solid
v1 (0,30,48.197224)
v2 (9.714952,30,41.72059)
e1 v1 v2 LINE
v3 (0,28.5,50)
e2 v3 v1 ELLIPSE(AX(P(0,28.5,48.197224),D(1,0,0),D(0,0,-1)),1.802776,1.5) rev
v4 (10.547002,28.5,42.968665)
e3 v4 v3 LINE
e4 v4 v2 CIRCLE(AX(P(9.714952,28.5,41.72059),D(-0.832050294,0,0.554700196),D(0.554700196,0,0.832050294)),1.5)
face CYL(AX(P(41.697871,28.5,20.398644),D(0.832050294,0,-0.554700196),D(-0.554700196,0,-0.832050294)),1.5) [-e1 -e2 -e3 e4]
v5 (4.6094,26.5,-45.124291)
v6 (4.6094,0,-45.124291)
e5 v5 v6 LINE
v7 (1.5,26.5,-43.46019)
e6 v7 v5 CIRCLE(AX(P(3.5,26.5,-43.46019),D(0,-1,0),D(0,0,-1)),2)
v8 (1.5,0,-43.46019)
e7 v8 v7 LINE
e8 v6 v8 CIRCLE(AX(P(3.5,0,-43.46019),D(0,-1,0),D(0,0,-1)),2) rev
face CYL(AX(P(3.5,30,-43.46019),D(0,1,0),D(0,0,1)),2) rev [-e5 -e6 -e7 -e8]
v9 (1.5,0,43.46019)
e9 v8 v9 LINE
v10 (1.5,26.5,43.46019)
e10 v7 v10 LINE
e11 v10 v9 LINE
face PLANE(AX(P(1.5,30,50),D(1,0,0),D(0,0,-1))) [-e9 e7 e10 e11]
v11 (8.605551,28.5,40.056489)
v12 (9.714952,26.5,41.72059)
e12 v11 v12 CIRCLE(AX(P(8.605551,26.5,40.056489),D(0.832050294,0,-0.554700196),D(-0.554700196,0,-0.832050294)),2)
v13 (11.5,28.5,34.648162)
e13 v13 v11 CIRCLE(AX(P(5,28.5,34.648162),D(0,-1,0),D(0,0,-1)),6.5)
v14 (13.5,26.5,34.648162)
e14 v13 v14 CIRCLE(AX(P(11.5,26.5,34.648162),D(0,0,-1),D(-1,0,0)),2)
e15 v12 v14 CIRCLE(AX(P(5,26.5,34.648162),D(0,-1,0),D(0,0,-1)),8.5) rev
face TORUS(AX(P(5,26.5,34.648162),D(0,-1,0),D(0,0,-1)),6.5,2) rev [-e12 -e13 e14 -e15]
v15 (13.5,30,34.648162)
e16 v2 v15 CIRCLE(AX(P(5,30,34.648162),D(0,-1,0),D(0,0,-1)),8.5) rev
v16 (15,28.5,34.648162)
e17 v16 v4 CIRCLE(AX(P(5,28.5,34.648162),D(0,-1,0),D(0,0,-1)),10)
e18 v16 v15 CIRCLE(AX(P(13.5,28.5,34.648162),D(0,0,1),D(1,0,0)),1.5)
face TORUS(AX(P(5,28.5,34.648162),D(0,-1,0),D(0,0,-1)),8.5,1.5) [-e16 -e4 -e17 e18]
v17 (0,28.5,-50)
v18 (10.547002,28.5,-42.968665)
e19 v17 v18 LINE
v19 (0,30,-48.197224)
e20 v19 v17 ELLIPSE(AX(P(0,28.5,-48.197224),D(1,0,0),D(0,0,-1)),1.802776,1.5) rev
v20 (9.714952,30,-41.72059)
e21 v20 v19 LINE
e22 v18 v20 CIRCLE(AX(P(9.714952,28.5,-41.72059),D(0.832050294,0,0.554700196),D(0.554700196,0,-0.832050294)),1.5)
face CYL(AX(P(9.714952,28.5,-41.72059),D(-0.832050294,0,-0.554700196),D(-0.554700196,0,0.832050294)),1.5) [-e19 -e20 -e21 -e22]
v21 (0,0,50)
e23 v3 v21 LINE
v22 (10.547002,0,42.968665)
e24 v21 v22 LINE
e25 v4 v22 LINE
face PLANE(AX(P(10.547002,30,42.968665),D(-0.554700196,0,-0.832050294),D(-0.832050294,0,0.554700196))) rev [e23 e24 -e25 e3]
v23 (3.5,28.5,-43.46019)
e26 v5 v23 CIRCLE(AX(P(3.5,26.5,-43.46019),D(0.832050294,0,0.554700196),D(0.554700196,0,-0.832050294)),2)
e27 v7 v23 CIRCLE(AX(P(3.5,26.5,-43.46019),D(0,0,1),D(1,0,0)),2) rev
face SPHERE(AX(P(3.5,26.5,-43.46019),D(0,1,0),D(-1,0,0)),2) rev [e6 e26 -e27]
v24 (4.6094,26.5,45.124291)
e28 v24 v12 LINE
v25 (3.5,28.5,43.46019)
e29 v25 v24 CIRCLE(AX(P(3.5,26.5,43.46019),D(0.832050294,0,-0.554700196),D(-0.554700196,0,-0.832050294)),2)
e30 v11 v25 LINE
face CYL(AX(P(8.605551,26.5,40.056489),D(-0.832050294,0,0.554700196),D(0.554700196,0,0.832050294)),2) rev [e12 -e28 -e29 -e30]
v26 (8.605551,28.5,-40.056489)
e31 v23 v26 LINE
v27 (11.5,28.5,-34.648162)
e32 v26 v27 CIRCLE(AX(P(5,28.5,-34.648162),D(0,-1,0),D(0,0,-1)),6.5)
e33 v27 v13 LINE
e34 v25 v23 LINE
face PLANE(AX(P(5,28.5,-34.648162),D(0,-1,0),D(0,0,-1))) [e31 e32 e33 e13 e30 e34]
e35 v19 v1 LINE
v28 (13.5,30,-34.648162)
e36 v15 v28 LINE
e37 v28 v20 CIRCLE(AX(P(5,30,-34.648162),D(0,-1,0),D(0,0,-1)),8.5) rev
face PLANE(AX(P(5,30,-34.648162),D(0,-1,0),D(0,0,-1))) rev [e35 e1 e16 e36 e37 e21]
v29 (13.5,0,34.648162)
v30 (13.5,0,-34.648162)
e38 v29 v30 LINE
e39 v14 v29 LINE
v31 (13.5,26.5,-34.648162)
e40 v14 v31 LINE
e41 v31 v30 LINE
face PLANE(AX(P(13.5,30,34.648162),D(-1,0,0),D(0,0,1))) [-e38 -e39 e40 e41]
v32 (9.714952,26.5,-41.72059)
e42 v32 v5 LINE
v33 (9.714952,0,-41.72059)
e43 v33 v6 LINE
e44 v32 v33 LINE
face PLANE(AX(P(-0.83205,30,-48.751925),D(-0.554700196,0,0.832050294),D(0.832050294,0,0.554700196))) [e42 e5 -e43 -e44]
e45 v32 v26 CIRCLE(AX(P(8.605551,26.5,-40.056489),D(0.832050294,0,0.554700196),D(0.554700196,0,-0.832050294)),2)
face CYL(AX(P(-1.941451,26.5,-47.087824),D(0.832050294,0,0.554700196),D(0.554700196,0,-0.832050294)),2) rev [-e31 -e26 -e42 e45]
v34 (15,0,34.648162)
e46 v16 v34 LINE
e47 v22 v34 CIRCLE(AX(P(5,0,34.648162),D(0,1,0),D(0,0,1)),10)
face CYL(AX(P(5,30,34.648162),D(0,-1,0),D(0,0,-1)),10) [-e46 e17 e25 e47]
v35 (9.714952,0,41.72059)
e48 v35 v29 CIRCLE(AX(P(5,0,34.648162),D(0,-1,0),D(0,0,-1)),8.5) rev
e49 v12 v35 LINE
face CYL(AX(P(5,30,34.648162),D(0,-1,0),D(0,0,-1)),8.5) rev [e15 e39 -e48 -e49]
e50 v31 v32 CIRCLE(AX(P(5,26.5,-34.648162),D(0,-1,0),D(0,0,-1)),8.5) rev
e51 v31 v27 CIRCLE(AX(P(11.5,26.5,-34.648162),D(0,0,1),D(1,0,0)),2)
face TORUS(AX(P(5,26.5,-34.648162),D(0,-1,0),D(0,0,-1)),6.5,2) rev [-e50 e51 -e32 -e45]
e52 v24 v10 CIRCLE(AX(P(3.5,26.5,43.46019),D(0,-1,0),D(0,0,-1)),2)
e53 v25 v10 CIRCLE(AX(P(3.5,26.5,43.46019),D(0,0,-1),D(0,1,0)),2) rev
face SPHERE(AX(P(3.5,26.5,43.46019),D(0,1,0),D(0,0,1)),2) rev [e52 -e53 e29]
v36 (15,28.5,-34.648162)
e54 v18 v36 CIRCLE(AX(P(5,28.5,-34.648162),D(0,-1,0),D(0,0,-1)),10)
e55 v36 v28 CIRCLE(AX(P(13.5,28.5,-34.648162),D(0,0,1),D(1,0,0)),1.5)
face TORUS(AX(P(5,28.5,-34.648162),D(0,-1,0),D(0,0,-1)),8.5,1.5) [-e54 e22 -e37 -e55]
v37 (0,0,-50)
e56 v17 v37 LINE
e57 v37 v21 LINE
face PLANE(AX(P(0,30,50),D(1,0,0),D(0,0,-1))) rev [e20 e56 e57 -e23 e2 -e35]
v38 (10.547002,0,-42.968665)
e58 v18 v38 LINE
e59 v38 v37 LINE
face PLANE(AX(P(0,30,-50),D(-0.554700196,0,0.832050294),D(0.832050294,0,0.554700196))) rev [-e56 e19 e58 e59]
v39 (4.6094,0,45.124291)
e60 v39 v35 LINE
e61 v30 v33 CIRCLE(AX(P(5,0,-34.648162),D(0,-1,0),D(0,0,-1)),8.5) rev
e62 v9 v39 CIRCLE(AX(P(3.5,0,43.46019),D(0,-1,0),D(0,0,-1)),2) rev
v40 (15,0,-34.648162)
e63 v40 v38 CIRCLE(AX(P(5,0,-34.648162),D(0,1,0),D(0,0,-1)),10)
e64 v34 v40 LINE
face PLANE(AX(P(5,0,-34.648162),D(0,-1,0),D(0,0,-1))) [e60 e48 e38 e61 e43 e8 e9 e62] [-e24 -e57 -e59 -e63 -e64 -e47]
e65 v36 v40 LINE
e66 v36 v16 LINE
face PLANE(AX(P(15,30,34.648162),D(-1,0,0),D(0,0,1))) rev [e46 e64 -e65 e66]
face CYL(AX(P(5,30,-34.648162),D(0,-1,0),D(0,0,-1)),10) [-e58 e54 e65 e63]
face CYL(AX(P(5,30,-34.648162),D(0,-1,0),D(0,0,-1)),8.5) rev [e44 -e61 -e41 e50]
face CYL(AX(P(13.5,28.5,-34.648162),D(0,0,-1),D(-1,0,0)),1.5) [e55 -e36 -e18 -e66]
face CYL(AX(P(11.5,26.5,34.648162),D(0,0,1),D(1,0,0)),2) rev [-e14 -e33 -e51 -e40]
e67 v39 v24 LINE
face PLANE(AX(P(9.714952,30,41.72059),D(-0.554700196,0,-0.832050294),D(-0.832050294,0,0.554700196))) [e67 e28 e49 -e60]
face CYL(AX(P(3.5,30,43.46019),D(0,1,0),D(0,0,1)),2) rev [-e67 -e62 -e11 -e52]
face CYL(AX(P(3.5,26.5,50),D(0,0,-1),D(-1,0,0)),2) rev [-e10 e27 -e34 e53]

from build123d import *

# Parameters (mm, degrees)
BOSS_EXTRUDE1_DEPTH = 30
SHELL1_T            = -1.5
FILLET1_R           = 2
FILLET2_R           = 1.5


with BuildPart() as part:
    # Sketch1 → Boss-Extrude1 (new body)
    with BuildSketch(Plane(origin=(0, 0, 0), x_dir=(1, 0, 0), z_dir=(0, 1, 0))):
        with BuildLine():
            Line((0, -50), (0, 50))
            Line((0, 50), (10.547001962, 42.968665358))
            ThreePointArc((10.547001962, 42.968665358), (13.816745988, 39.36674167), (15, 34.648162415))
            Line((15, 34.648162415), (15, -34.648162415))
            ThreePointArc((15, -34.648162415), (13.816745988, -39.36674167), (10.547001962, -42.968665358))
            Line((10.547001962, -42.968665358), (0, -50))
        make_face()
    extrude(amount=BOSS_EXTRUDE1_DEPTH)

    # Shell1
    shell1_openings = [part.faces().sort_by_distance(p)[0] for p in [
        (7.177503817, 0, 0),
    ]]
    offset(amount=SHELL1_T, openings=shell1_openings, kind=Kind.INTERSECTION)

    # Fillet1
    fillet1_edges = [part.edges().sort_by_distance(p)[0] for p in [
        (1.5, 14.25, -47.197224362),
        (1.5, 14.25, 47.197224362),
        (5.607475834, 28.5, -44.45890714),
        (1.5, 28.5, 0),
        (5.607475834, 28.5, 44.45890714),
        (12.49423409, 28.5, 38.658954782),
        (13.5, 28.5, 0),
        (12.49423409, 28.5, -38.658954782),
    ]]
    fillet(fillet1_edges, radius=FILLET1_R)

    # Fillet2
    fillet2_edges = [part.edges().sort_by_distance(p)[0] for p in [
        (5.273500981, 30, 46.484332679),
        (13.816745988, 30, 39.36674167),
        (15, 30, 0),
        (13.816745988, 30, -39.36674167),
        (5.273500981, 30, -46.484332679),
    ]]
    fillet(fillet2_edges, radius=FILLET2_R)


solid = part.part
